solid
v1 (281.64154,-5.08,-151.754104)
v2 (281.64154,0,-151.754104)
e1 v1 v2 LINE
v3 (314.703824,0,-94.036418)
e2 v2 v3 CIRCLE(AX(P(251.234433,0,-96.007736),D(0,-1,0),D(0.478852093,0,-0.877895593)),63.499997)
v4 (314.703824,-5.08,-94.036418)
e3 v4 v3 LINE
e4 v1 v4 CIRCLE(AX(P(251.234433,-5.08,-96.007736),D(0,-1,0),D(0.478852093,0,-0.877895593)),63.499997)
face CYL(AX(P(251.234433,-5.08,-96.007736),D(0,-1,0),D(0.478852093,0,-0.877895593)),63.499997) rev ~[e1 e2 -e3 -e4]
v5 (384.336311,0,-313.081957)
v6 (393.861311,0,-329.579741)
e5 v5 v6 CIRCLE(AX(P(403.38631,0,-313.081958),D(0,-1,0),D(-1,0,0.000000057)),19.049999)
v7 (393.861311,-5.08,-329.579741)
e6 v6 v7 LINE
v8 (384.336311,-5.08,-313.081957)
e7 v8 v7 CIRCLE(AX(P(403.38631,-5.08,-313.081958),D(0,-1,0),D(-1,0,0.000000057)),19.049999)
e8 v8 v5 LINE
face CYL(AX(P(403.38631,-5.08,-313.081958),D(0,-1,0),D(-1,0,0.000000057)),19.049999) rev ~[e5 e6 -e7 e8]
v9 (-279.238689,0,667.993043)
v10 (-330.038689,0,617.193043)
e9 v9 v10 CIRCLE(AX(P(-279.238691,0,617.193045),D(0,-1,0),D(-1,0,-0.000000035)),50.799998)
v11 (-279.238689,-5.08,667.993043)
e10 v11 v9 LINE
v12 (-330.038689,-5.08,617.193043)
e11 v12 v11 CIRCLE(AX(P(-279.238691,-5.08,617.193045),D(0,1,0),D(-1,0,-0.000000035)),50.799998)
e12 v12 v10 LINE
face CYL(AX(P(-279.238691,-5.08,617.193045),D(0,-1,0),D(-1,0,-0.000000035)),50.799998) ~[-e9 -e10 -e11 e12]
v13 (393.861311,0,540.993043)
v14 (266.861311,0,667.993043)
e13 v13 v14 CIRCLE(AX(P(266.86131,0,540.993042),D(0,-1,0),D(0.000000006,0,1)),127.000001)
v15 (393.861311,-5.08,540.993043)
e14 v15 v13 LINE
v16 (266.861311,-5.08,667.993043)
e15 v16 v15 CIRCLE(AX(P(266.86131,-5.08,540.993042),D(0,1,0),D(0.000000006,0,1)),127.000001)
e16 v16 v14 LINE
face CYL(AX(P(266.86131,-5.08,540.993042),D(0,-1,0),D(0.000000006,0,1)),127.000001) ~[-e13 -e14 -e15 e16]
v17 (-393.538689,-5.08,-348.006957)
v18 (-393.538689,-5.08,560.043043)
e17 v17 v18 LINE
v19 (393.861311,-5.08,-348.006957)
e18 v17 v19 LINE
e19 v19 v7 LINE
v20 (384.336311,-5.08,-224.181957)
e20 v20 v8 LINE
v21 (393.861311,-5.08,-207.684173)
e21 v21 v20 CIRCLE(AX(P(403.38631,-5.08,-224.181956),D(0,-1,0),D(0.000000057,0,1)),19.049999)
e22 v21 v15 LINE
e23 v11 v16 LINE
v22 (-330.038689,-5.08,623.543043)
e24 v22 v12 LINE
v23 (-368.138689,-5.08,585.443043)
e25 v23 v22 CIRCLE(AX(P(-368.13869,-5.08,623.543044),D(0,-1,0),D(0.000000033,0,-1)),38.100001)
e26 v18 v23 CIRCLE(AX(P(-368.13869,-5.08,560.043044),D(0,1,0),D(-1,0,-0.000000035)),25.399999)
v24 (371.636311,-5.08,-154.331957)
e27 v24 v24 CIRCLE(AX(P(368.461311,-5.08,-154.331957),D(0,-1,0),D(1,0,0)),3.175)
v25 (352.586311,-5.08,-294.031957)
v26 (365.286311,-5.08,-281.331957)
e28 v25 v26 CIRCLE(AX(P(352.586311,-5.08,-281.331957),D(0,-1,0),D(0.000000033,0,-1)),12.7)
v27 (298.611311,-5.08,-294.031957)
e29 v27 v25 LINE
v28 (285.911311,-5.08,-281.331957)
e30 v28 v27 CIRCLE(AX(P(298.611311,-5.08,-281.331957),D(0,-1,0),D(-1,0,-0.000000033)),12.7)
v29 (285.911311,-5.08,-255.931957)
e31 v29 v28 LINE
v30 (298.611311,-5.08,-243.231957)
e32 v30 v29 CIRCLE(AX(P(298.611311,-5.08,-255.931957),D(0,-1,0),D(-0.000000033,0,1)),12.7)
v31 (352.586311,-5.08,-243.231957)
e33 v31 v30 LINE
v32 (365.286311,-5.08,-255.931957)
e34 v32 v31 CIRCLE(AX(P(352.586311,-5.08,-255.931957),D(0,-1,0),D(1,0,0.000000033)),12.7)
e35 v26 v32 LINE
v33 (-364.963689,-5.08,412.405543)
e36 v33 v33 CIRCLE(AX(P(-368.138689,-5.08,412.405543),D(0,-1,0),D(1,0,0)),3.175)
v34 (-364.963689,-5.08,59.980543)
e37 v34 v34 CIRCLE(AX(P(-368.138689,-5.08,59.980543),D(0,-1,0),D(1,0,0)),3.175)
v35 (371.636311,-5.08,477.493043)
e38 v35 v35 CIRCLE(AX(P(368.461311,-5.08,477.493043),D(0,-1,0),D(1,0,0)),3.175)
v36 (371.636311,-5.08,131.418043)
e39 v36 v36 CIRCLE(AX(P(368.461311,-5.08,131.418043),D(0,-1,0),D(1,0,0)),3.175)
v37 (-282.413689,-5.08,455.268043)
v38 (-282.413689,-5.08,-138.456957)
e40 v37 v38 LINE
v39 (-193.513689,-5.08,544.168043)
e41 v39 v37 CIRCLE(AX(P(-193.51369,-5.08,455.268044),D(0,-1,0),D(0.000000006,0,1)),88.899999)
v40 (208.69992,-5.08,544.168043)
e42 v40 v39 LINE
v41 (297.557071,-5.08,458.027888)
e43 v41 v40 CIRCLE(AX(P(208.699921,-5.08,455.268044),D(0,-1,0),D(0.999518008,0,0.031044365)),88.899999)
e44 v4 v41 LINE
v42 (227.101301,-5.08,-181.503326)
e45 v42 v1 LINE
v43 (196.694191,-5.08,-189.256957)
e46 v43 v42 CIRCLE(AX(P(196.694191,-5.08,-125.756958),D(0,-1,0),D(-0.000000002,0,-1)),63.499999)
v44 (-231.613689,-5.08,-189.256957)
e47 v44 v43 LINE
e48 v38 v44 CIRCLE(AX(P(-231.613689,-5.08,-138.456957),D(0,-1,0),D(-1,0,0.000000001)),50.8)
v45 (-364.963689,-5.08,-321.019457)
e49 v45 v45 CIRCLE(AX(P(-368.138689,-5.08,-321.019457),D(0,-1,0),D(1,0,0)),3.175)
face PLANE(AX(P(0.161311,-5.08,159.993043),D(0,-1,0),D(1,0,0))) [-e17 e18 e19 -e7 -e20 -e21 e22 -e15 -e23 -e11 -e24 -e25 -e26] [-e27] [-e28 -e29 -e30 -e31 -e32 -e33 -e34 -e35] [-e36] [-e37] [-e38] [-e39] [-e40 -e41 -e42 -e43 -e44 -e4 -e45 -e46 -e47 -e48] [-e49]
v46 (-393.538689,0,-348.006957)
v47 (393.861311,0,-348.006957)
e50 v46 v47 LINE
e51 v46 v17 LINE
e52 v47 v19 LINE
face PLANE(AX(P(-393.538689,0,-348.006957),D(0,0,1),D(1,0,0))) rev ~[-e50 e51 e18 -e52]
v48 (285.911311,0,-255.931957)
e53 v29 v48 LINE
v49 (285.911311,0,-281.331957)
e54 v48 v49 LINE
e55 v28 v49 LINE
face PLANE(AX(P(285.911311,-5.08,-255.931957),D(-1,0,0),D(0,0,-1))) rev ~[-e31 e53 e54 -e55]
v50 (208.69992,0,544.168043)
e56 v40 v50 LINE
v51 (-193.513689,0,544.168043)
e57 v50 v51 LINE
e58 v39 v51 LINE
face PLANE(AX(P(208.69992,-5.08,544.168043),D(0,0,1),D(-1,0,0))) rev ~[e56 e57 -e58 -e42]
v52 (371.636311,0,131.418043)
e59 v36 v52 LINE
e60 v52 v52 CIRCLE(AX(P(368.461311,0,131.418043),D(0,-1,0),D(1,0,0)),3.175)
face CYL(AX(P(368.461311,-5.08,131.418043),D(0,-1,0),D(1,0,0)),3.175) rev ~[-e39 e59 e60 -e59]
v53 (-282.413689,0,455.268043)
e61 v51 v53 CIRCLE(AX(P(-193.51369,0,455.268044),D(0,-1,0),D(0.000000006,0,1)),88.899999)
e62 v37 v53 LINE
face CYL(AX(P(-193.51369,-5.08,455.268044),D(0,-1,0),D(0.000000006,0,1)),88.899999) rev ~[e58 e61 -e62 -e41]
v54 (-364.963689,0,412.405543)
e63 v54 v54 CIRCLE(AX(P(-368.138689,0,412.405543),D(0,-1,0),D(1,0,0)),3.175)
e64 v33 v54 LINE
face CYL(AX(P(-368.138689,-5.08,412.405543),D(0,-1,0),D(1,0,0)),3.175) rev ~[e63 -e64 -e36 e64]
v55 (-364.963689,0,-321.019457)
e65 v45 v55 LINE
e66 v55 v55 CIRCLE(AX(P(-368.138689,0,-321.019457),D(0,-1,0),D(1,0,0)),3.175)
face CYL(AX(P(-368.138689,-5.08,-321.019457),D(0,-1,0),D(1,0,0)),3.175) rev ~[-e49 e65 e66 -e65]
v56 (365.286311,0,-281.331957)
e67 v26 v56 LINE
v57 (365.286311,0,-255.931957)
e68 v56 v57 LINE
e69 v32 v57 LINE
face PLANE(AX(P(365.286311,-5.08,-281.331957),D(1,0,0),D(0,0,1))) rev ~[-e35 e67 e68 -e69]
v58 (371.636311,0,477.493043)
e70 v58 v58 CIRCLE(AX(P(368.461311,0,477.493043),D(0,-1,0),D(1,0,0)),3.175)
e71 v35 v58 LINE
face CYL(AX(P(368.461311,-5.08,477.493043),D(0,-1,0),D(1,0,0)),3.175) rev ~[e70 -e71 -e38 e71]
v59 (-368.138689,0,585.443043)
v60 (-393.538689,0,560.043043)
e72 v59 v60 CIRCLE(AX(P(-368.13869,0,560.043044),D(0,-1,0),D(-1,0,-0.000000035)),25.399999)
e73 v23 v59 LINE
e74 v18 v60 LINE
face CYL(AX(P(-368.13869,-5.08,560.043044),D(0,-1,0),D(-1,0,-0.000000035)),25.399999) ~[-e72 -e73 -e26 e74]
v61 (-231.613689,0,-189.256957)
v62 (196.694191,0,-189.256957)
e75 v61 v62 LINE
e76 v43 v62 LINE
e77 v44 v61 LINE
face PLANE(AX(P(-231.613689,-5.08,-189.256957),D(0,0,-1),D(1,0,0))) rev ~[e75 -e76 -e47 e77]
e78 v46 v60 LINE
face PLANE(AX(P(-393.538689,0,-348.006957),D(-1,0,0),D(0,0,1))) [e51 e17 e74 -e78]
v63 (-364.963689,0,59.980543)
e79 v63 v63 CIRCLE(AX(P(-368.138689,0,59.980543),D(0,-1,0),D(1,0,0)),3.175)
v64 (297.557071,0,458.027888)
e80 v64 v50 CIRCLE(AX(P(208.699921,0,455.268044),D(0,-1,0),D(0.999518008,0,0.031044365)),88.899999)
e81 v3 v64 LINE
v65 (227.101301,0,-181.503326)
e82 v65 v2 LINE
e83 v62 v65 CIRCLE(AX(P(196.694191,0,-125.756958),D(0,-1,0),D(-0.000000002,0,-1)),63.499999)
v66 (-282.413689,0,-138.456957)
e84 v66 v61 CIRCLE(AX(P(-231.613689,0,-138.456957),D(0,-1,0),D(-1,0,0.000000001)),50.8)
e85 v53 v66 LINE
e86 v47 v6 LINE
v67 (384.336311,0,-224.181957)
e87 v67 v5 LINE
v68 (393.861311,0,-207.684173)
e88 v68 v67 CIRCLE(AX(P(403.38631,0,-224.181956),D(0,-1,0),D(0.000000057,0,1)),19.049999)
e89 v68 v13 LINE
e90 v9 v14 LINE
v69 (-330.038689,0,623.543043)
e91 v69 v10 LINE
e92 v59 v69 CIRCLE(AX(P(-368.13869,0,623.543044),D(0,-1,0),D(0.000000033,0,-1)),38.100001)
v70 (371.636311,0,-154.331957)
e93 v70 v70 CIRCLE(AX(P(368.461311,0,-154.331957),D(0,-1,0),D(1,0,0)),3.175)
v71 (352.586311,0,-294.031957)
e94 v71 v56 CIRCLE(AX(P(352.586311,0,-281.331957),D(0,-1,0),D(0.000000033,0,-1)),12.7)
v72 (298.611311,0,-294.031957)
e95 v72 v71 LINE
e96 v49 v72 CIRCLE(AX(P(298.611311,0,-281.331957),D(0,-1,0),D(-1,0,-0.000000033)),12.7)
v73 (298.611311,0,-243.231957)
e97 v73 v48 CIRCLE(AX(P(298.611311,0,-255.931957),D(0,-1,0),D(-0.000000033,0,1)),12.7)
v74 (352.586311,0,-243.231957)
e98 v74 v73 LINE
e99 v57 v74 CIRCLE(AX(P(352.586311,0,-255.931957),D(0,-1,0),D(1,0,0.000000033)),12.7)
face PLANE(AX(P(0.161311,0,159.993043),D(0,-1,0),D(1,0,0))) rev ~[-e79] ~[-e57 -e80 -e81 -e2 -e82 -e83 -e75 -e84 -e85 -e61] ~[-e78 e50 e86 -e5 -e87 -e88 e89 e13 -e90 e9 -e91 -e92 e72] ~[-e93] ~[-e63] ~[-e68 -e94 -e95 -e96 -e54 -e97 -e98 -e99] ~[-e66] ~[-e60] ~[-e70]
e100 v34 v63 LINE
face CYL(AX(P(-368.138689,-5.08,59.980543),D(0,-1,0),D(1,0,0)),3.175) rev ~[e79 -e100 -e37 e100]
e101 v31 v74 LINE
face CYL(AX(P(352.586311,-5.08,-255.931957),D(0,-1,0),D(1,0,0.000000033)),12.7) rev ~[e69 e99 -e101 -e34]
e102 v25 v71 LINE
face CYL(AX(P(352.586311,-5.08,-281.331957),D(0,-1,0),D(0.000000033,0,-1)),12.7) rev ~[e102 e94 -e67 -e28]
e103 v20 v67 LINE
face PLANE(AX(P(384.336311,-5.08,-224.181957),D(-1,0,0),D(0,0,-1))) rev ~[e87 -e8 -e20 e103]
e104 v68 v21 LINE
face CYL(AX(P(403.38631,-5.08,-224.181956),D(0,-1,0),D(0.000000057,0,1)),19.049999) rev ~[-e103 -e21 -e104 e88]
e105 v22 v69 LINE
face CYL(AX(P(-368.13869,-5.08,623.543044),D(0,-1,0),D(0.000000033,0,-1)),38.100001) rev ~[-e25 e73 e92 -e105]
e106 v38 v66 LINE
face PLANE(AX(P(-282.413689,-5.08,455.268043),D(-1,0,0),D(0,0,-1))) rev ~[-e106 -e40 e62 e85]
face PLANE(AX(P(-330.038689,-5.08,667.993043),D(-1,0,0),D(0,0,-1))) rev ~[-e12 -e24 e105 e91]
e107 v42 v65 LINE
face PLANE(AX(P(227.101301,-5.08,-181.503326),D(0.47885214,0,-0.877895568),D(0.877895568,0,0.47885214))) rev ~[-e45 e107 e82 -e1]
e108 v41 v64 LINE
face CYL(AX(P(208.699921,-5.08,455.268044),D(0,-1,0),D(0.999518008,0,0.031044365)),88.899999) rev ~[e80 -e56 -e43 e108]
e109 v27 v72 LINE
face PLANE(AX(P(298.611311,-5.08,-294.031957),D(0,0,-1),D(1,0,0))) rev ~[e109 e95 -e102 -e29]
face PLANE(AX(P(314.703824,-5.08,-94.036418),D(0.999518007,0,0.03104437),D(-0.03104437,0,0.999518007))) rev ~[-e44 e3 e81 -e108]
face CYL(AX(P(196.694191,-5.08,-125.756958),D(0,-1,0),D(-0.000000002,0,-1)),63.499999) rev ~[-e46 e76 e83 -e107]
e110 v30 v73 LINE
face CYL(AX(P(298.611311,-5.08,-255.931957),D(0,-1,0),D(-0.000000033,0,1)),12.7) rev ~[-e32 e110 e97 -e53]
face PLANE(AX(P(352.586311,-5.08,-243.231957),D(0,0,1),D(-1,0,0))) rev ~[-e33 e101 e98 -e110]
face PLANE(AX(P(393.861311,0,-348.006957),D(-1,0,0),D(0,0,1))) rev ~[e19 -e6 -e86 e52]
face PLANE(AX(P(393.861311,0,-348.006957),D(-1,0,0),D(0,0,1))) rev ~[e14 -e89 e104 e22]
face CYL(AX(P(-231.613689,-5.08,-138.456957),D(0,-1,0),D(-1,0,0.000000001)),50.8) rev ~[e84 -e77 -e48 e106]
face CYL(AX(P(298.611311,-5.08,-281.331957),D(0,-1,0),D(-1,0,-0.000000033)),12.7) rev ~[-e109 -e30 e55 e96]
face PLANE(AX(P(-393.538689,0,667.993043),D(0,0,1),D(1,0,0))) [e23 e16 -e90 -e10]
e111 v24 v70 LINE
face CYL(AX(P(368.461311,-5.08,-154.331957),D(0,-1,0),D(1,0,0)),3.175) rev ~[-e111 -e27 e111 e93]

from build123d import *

# Parameters (mm, degrees)
F0_W      = 787.4
F0_H      = 1016
F1_DEPTH  = 5.08
F3_DEPTH  = 5.081
F5_DEPTH  = 5.081
F7_DEPTH  = 5.081
F9_DEPTH  = 5.081
F11_DEPTH = 5.081
F12_DEPTH = 25.4
F14_DEPTH = 5.081
F16_DEPTH = 5.081
F17_R     = 3.175
F18_DEPTH = 5.081


with BuildPart() as f1:
    # F0 (on Front) → F1 (new body)
    with BuildSketch(Plane.XZ):
        with Locations((0.161311, 159.993043)):
            Rectangle(F0_W, F0_H)
    extrude(amount=F1_DEPTH)

    # F2 (on face) → F3 (cut, through all)
    with BuildSketch(Plane.XZ.offset(5.08)):
        with BuildLine():
            Line((352.586311, -243.231957), (298.611311, -243.231957))
            ThreePointArc((298.611311, -243.231957), (289.631055, -246.951701), (285.911311, -255.931957))
            Line((285.911311, -255.931957), (285.911311, -281.331957))
            ThreePointArc((285.911311, -281.331957), (289.631055, -290.312213), (298.611311, -294.031957))
            Line((298.611311, -294.031957), (352.586311, -294.031957))
            ThreePointArc((352.586311, -294.031957), (361.566567, -290.312213), (365.286311, -281.331957))
            Line((365.286311, -281.331957), (365.286311, -255.931957))
            ThreePointArc((365.286311, -255.931957), (361.566567, -246.951701), (352.586311, -243.231957))
        make_face()
    extrude(amount=-F3_DEPTH, mode=Mode.SUBTRACT)

    # F4 (on face) → F5 (cut, through all)
    with BuildSketch(Plane.XZ.offset(5.08)):
        with BuildLine():
            ThreePointArc((403.386311, -205.131957), (389.915926, -210.711573), (384.336311, -224.181957))
            Line((384.336311, -224.181957), (384.336311, -313.081957))
            ThreePointArc((384.336311, -313.081957), (389.915926, -326.552341), (403.386311, -332.131957))
            Line((403.386311, -332.131957), (403.386311, -205.131957))
        make_face()
    extrude(amount=-F5_DEPTH, mode=Mode.SUBTRACT)

    # F6 (on face) → F7 (cut, through all)
    with BuildSketch(Plane.XZ.offset(5.08)):
        with BuildLine():
            Line((208.69992, 544.168043), (-193.513689, 544.168043))
            ThreePointArc((-193.513689, 544.168043), (-256.375482, 518.129836), (-282.413689, 455.268043))
            Line((-282.413689, 455.268043), (-282.413689, -138.456957))
            ThreePointArc((-282.413689, -138.456957), (-267.534714, -174.377981), (-231.613689, -189.256957))
            Line((-231.613689, -189.256957), (196.694191, -189.256957))
            ThreePointArc((196.694191, -189.256957), (212.384245, -187.288024), (227.101301, -181.503326))
            Line((227.101301, -181.503326), (281.64154, -151.754104))
            ThreePointArc((281.64154, -151.754104), (306.334633, -127.570652), (314.703824, -94.036418))
            Line((314.703824, -94.036418), (297.557071, 458.027888))
            ThreePointArc((297.557071, 458.027888), (270.578268, 519.098131), (208.69992, 544.168043))
        make_face()
    extrude(amount=-F7_DEPTH, mode=Mode.SUBTRACT)

    # F8 (on face) → F9 (cut, through all)
    with BuildSketch(Plane.XZ.offset(5.08)):
        with BuildLine():
            Line((-330.038689, 667.993043), (-393.538689, 667.993043))
            Line((-393.538689, 667.993043), (-393.538689, 585.443043))
            Line((-393.538689, 585.443043), (-368.138689, 585.443043))
            ThreePointArc((-368.138689, 585.443043), (-341.197921, 596.602275), (-330.038689, 623.543043))
            Line((-330.038689, 623.543043), (-330.038689, 667.993043))
        make_face()
    extrude(amount=-F9_DEPTH, mode=Mode.SUBTRACT)

    # F10 (on face) → F11 (cut, through all)
    with BuildSketch(Plane.XZ.offset(5.08)):
        with BuildLine():
            ThreePointArc((-330.038689, 617.193043), (-315.159714, 653.114068), (-279.238689, 667.993043))
            Line((-279.238689, 667.993043), (-330.038689, 667.993043))
            Line((-330.038689, 667.993043), (-330.038689, 617.193043))
        make_face()
    extrude(amount=-F11_DEPTH, mode=Mode.SUBTRACT)

    # F10 (on face) → F12 (cut)
    with BuildSketch(Plane.XZ.offset(5.08)):
        with BuildLine():
            ThreePointArc((-330.038689, 617.193043), (-315.159714, 653.114068), (-279.238689, 667.993043))
            Line((-279.238689, 667.993043), (-330.038689, 667.993043))
            Line((-330.038689, 667.993043), (-330.038689, 617.193043))
        make_face()
    extrude(amount=-F12_DEPTH, mode=Mode.SUBTRACT)

    # F13 (on face) → F14 (cut, through all)
    with BuildSketch(Plane.XZ.offset(5.08)):
        with BuildLine():
            ThreePointArc((-393.538689, 560.043043), (-386.099202, 578.003555), (-368.138689, 585.443043))
            Line((-368.138689, 585.443043), (-393.538689, 585.443043))
            Line((-393.538689, 585.443043), (-393.538689, 560.043043))
        make_face()
    extrude(amount=-F14_DEPTH, mode=Mode.SUBTRACT)

    # F15 (on face) → F16 (cut, through all)
    with BuildSketch(Plane.XZ.offset(5.08)):
        with BuildLine():
            ThreePointArc((266.861311, 667.993043), (356.663872, 630.795604), (393.861311, 540.993043))
            Line((393.861311, 540.993043), (393.861311, 667.993043))
            Line((393.861311, 667.993043), (266.861311, 667.993043))
        make_face()
    extrude(amount=-F16_DEPTH, mode=Mode.SUBTRACT)

    # F17 (on face) → F18 (cut, through all)
    with BuildSketch(Plane.XZ.offset(5.08)):
        with Locations((368.461311, 477.493043)):
            Circle(F17_R)
        with Locations((368.461311, 131.418043)):
            Circle(F17_R)
        with Locations((368.461311, -154.331957)):
            Circle(F17_R)
        with Locations((-368.138689, -321.019457)):
            Circle(F17_R)
        with Locations((-368.138689, 59.980543)):
            Circle(F17_R)
        with Locations((-368.138689, 412.405543)):
            Circle(F17_R)
    extrude(amount=-F18_DEPTH, mode=Mode.SUBTRACT)


solid = f1.part
